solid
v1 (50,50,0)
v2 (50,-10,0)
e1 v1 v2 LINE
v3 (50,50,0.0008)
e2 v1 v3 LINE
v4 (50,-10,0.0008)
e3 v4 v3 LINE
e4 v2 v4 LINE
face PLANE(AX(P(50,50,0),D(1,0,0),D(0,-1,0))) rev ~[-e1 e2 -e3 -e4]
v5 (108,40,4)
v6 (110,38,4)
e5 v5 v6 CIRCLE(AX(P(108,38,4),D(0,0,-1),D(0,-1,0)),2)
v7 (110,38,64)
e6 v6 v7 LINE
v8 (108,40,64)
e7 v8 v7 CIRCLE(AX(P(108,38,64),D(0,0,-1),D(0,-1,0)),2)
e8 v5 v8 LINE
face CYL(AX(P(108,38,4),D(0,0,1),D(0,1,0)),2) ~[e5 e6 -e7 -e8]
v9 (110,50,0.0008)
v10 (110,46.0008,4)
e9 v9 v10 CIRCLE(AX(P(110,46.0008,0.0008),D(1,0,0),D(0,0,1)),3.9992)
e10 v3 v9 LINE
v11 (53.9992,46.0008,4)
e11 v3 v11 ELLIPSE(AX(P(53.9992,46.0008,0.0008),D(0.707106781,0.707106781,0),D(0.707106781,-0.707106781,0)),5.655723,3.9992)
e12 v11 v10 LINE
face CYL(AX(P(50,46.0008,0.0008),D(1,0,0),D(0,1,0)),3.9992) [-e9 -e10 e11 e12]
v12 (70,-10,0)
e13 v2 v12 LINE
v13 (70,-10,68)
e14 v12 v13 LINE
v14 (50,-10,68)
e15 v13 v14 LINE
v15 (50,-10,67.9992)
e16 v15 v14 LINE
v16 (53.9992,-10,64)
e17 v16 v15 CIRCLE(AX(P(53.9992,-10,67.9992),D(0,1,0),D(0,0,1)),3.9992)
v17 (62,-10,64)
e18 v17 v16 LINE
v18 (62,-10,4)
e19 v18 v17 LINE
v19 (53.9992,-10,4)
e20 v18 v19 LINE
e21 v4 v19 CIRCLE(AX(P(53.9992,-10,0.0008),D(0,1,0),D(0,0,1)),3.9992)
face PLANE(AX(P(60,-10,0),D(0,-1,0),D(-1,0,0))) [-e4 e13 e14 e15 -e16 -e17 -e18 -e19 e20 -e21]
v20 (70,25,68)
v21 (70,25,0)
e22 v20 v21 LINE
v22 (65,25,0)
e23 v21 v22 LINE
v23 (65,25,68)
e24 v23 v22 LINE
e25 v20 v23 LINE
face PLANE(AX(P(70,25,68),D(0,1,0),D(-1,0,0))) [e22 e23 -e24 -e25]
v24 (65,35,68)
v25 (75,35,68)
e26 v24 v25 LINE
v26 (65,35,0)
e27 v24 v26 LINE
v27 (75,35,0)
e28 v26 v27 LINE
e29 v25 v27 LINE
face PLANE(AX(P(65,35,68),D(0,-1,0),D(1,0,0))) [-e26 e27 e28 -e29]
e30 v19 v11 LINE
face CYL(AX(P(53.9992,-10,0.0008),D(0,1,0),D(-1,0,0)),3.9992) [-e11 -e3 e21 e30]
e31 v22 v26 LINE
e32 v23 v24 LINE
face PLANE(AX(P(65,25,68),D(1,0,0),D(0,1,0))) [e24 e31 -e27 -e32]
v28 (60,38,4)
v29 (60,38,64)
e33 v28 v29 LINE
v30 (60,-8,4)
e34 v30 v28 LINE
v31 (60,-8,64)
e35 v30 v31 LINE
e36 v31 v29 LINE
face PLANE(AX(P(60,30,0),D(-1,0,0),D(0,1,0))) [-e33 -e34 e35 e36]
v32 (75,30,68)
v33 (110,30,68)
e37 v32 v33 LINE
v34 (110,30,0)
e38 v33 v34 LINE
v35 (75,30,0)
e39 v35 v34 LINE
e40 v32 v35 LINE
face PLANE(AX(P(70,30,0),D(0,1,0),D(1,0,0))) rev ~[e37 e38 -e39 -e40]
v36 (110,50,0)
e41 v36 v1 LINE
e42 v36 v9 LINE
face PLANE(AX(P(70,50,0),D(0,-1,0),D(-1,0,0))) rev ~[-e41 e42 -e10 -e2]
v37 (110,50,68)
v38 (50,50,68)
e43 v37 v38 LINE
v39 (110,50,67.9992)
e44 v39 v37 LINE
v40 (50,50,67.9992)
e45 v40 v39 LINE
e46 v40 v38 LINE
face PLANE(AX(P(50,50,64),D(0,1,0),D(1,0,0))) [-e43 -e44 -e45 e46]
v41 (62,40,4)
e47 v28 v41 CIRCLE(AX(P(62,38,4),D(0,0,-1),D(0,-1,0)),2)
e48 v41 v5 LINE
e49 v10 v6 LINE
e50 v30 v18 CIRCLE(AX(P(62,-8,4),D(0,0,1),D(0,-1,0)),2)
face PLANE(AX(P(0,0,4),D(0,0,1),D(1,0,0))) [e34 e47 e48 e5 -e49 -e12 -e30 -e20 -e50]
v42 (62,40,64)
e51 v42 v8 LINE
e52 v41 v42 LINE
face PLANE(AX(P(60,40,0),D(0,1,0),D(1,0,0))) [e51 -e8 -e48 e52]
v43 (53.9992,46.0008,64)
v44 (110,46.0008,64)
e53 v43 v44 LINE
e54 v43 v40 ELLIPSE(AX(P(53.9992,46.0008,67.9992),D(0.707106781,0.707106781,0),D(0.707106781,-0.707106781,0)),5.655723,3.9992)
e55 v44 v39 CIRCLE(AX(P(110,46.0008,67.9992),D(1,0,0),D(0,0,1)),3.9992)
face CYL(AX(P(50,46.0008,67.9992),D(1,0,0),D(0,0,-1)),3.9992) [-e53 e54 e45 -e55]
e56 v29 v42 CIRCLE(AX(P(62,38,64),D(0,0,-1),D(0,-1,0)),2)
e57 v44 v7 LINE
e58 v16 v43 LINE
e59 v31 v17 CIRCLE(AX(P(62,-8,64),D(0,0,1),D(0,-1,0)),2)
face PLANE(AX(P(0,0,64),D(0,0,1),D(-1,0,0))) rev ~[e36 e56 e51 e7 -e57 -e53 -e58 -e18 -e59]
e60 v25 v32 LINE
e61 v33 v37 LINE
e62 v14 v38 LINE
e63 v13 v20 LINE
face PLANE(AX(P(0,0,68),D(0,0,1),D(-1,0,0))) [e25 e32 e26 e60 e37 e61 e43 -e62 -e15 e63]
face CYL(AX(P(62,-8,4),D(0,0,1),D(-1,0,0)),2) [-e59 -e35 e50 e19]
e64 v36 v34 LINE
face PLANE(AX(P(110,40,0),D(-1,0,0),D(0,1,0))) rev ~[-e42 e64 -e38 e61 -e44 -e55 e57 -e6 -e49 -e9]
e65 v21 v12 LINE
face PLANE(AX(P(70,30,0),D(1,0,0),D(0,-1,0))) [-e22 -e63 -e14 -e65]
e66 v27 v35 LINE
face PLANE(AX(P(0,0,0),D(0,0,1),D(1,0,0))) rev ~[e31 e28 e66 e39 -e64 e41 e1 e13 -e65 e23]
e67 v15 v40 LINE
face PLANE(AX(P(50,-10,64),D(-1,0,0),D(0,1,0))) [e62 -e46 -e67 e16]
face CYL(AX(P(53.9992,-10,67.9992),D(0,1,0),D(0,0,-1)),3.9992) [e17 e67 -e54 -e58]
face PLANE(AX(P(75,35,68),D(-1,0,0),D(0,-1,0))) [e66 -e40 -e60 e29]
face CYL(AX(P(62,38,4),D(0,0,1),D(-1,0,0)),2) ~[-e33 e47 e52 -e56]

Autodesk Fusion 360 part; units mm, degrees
sketch "Sketch1" plane through (0, 0, 0) normal (0, 0, 1) x (1, 0, 0)
  line L0 (50, 30) -> (110, 30)
  line L1 (110, 30) -> (110, 50)
  line L2 (110, 50) -> (50, 50)
  line L3 (50, 50) -> (50, 30)
  line L4 (110, 30) -> (60, 30)
  line L5 (60, 30) -> (60, 40)
  line L6 (60, 40) -> (110, 40)
  line L7 (110, 40) -> (110, 30)
  line L8 (50, 50) -> (70, 50)
  line L9 (70, 50) -> (70, -10)
  line L10 (70, -10) -> (50, -10)
  line L11 (50, -10) -> (50, 50)
  line L12 (60, 40) -> (70, 40)
  line L13 (70, 40) -> (70, -10)
  line L14 (70, -10) -> (60, -10)
  line L15 (60, -10) -> (60, 40)
  dimension "d1" = 60
  dimension "d2" = 20
  dimension "d3" = 50
  dimension "d4" = 10
  dimension "d5" = 20
  dimension "d6" = 60
extrude "Extrude1" add sketch "Sketch1" along normal blind 4 contours L0 L2 L3 L5 L6 L8 L9 L11 L12 L15 | L0 L10 L11 L15 | L1 L2 L6 L9
extrude "Extrude2" add sketch "Sketch1" along normal blind 64 contours L0 L4 L5 L6 L9 L12 L13 L15 | L0 L4 L9 L10 L13 L14 L15 | L0 L1 L4 L6 L7 L9 L13
sketch "Sketch2" plane through (0, 0, 64) normal (0, 0, 1) x (-1, 0, 0)
  line L0 (-60, 10) -> (-70, 10)
  line L1 (-70, 10) -> (-70, -30)
  line L2 (-70, -30) -> (-110, -30)
  line L3 (-110, -30) -> (-110, -40)
  line L4 (-110, -40) -> (-60, -40)
  line L5 (-60, -40) -> (-60, 10)
  line L6 (-70, 10) -> (-50, 10)
  line L7 (-50, 10) -> (-50, -50)
  line L8 (-50, -50) -> (-70, -50)
  line L9 (-70, -50) -> (-70, 10)
  line L10 (-70, -30) -> (-110, -30)
  line L11 (-110, -30) -> (-110, -50)
  line L12 (-110, -50) -> (-70, -50)
  line L13 (-70, -50) -> (-70, -30)
extrude "Extrude3" add sketch "Sketch2" along normal blind 4
sketch "Sketch3" plane through (0, 0, 68) normal (0, 0, 1) x (-1, 0, 0)
  line L0 (-70, -30) -> (-110, -30)
  line L1 (-110, -30) -> (-110, -50)
  line L2 (-110, -50) -> (-50, -50)
  line L3 (-50, -50) -> (-50, 10)
  line L4 (-50, 10) -> (-70, 10)
  line L5 (-70, 10) -> (-70, -30)
  line L6 (-75, -25) -> (-65, -25)
  line L7 (-65, -25) -> (-65, -35)
  line L8 (-65, -35) -> (-75, -35)
  line L9 (-75, -35) -> (-75, -25)
extrude "Extrude4" cut sketch "Sketch3" against normal blind 68 contours L0 L5 L6 L7 L8 L9
fillet "Fillet1" radius 4 2 edges at (80, 50, 4) (50, 20, 4)
fillet "Fillet2" radius 4 2 edges at (80, 50, 64) (50, 20, 64)
fillet "Fillet3" radius 2 1 edges at (110, 40, 34)
fillet "Fillet4" radius 2 1 edges at (60, -10, 34)
fillet "Fillet5" radius 2 1 edges at (60, 40, 34)
